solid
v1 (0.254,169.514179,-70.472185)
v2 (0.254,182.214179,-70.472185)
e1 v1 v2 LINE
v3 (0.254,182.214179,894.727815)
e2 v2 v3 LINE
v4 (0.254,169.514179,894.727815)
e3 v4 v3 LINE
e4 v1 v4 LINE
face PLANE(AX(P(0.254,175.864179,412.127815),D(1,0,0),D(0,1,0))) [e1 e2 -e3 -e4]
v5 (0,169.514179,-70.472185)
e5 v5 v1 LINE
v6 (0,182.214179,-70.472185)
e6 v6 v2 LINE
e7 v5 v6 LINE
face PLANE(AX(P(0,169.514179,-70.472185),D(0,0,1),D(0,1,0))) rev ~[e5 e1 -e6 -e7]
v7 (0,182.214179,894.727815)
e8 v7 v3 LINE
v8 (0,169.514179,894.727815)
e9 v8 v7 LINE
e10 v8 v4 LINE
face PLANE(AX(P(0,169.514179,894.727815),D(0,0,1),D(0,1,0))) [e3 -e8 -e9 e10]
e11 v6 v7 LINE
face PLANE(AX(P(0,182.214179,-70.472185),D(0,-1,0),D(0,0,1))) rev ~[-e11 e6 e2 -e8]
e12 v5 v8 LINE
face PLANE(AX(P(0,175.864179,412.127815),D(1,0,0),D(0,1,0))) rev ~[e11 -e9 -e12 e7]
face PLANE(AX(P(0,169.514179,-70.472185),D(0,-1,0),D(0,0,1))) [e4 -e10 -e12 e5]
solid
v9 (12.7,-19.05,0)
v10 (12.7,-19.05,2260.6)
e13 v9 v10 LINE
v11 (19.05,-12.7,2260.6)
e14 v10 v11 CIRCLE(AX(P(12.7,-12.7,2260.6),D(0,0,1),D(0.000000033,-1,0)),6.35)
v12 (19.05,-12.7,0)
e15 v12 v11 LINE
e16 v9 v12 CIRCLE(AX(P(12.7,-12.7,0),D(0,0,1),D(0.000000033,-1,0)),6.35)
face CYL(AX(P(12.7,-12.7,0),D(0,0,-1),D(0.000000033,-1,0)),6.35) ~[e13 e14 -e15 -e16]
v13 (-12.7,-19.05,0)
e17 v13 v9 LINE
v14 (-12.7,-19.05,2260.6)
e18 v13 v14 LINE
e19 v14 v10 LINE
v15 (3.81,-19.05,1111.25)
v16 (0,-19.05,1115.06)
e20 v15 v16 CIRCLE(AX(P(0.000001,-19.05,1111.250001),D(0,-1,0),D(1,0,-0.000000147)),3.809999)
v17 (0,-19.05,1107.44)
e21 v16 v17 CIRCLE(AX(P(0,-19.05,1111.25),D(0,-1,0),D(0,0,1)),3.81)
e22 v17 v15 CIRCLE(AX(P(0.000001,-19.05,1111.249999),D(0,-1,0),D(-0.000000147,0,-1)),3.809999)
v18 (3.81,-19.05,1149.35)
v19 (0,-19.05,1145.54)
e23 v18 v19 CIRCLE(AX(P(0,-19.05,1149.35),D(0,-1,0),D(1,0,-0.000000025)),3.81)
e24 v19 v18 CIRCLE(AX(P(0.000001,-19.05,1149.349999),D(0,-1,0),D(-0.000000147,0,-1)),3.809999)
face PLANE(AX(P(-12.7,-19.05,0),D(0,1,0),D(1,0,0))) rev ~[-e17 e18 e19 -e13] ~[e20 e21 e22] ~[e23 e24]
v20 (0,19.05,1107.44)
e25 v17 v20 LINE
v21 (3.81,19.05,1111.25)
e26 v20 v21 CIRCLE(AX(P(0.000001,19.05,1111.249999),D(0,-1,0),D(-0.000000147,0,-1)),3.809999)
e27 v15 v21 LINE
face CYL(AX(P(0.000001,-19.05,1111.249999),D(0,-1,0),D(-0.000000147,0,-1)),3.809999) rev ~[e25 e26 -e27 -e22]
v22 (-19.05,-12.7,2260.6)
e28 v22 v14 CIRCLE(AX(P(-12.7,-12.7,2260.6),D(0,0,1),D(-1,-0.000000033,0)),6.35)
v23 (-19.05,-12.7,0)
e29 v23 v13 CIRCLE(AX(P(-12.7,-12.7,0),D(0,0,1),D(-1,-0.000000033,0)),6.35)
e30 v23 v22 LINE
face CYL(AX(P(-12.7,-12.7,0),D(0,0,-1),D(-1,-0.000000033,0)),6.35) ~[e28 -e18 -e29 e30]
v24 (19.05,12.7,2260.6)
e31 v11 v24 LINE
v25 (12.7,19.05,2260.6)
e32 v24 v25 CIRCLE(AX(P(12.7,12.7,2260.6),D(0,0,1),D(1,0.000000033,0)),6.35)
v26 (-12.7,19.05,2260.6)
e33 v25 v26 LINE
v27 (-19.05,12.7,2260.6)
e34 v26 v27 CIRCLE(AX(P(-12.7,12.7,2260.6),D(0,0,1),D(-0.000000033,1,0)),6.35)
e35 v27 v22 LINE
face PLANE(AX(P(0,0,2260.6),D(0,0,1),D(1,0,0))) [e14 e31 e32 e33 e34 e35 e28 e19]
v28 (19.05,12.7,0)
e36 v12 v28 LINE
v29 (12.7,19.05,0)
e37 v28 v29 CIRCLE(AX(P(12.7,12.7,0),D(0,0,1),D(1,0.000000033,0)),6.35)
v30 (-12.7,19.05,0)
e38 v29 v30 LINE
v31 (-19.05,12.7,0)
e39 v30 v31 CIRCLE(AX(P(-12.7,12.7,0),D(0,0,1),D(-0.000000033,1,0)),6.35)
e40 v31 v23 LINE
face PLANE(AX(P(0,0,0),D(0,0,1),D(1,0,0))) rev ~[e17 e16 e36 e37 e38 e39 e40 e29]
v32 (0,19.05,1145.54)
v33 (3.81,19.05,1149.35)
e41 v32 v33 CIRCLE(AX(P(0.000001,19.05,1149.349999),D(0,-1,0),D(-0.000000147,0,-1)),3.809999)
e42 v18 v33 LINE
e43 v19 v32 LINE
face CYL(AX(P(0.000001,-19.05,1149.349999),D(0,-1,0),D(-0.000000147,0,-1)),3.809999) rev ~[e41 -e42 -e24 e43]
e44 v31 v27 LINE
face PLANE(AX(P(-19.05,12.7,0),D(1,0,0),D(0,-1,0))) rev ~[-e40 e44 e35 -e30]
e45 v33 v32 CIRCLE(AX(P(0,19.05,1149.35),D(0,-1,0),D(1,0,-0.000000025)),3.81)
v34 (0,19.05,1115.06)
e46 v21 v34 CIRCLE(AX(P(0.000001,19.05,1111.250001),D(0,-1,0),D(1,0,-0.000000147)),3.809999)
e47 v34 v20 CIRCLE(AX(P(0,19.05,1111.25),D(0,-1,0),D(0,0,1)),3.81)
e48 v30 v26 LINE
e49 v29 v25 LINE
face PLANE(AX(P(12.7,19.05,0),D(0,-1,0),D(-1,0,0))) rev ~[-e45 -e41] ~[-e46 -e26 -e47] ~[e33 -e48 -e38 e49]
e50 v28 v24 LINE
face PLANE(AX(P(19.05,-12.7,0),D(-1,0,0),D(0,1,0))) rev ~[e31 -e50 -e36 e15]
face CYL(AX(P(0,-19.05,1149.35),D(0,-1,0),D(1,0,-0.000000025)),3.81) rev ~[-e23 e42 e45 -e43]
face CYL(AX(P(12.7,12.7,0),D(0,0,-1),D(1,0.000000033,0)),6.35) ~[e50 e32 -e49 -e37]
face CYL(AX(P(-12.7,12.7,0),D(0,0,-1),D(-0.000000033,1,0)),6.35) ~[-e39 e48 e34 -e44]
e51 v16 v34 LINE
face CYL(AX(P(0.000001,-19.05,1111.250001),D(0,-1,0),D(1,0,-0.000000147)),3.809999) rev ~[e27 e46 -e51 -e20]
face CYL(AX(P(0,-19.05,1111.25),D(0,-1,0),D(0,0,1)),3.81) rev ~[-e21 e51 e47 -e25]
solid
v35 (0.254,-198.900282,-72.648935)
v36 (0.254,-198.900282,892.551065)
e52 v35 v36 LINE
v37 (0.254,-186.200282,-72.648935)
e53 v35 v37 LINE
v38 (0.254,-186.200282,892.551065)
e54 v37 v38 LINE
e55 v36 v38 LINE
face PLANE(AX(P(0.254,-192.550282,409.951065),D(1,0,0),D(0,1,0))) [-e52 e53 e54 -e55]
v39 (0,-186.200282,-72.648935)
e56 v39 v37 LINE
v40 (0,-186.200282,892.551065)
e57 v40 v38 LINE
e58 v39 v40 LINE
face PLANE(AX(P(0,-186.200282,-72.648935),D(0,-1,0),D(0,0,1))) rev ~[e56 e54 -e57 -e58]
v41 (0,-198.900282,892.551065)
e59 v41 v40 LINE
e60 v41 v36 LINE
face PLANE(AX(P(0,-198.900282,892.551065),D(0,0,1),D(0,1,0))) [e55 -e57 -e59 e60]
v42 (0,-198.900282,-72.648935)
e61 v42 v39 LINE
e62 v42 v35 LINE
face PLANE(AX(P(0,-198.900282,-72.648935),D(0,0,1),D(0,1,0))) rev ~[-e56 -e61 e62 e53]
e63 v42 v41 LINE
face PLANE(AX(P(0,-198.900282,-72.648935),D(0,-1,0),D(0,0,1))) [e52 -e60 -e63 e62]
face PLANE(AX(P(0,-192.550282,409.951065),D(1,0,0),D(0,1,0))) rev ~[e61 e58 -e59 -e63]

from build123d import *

# Parameters (mm, degrees)
F1_DEPTH = 2260.6
F2_W     = 12.7
F2_H     = 965.2
F4_DEPTH = 0.254
F3_W     = 12.7
F3_H     = 965.2
F5_DEPTH = 0.254
F7_DEPTH = 38.1


with BuildPart() as f1:
    # F0 (on Top) → F1 (new body)
    with BuildSketch(Plane.XY):
        with BuildLine():
            ThreePointArc((19.05, 12.7), (17.190128, 17.190128), (12.7, 19.05))
            Line((12.7, 19.05), (-12.7, 19.05))
            ThreePointArc((-12.7, 19.05), (-17.190128, 17.190128), (-19.05, 12.7))
            Line((-19.05, 12.7), (-19.05, -12.7))
            ThreePointArc((-19.05, -12.7), (-17.190128, -17.190128), (-12.7, -19.05))
            Line((-12.7, -19.05), (12.7, -19.05))
            ThreePointArc((12.7, -19.05), (17.190128, -17.190128), (19.05, -12.7))
            Line((19.05, -12.7), (19.05, 12.7))
        make_face()
    extrude(amount=F1_DEPTH)

    # F6 (on face) → F7 (cut)
    with BuildSketch(Plane.XZ.offset(19.05)):
        with BuildLine():
            ThreePointArc((0, 1115.06), (-3.81, 1111.25), (0, 1107.44))
            Line((0, 1107.44), (0, 1111.25))
            Line((0, 1111.25), (0, 1115.06))
        make_face()
        with BuildLine():
            ThreePointArc((3.81, 1149.35), (-2.694077, 1152.044077), (0, 1145.54))
            ThreePointArc((0, 1145.54), (2.694077, 1146.655923), (3.81, 1149.35))
        make_face()
        with BuildLine():
            Line((0, 1111.25), (0, 1107.44))
            ThreePointArc((0, 1107.44), (2.694077, 1108.555923), (3.81, 1111.25))
            ThreePointArc((3.81, 1111.25), (2.694077, 1113.944077), (0, 1115.06))
            Line((0, 1115.06), (0, 1111.25))
        make_face()
    extrude(amount=-F7_DEPTH, mode=Mode.SUBTRACT)


with BuildPart() as f4:
    # F2 (on Right) → F4 (new body)
    with BuildSketch(Plane.YZ):
        with Locations((-192.550282, 409.951065)):
            Rectangle(F2_W, F2_H)
    extrude(amount=F4_DEPTH)


with BuildPart() as f5:
    # F3 (on Right) → F5 (new body)
    with BuildSketch(Plane.YZ):
        with Locations((175.864179, 412.127815)):
            Rectangle(F3_W, F3_H)
    extrude(amount=F5_DEPTH)


solid = Compound([f1.part, f4.part, f5.part])
